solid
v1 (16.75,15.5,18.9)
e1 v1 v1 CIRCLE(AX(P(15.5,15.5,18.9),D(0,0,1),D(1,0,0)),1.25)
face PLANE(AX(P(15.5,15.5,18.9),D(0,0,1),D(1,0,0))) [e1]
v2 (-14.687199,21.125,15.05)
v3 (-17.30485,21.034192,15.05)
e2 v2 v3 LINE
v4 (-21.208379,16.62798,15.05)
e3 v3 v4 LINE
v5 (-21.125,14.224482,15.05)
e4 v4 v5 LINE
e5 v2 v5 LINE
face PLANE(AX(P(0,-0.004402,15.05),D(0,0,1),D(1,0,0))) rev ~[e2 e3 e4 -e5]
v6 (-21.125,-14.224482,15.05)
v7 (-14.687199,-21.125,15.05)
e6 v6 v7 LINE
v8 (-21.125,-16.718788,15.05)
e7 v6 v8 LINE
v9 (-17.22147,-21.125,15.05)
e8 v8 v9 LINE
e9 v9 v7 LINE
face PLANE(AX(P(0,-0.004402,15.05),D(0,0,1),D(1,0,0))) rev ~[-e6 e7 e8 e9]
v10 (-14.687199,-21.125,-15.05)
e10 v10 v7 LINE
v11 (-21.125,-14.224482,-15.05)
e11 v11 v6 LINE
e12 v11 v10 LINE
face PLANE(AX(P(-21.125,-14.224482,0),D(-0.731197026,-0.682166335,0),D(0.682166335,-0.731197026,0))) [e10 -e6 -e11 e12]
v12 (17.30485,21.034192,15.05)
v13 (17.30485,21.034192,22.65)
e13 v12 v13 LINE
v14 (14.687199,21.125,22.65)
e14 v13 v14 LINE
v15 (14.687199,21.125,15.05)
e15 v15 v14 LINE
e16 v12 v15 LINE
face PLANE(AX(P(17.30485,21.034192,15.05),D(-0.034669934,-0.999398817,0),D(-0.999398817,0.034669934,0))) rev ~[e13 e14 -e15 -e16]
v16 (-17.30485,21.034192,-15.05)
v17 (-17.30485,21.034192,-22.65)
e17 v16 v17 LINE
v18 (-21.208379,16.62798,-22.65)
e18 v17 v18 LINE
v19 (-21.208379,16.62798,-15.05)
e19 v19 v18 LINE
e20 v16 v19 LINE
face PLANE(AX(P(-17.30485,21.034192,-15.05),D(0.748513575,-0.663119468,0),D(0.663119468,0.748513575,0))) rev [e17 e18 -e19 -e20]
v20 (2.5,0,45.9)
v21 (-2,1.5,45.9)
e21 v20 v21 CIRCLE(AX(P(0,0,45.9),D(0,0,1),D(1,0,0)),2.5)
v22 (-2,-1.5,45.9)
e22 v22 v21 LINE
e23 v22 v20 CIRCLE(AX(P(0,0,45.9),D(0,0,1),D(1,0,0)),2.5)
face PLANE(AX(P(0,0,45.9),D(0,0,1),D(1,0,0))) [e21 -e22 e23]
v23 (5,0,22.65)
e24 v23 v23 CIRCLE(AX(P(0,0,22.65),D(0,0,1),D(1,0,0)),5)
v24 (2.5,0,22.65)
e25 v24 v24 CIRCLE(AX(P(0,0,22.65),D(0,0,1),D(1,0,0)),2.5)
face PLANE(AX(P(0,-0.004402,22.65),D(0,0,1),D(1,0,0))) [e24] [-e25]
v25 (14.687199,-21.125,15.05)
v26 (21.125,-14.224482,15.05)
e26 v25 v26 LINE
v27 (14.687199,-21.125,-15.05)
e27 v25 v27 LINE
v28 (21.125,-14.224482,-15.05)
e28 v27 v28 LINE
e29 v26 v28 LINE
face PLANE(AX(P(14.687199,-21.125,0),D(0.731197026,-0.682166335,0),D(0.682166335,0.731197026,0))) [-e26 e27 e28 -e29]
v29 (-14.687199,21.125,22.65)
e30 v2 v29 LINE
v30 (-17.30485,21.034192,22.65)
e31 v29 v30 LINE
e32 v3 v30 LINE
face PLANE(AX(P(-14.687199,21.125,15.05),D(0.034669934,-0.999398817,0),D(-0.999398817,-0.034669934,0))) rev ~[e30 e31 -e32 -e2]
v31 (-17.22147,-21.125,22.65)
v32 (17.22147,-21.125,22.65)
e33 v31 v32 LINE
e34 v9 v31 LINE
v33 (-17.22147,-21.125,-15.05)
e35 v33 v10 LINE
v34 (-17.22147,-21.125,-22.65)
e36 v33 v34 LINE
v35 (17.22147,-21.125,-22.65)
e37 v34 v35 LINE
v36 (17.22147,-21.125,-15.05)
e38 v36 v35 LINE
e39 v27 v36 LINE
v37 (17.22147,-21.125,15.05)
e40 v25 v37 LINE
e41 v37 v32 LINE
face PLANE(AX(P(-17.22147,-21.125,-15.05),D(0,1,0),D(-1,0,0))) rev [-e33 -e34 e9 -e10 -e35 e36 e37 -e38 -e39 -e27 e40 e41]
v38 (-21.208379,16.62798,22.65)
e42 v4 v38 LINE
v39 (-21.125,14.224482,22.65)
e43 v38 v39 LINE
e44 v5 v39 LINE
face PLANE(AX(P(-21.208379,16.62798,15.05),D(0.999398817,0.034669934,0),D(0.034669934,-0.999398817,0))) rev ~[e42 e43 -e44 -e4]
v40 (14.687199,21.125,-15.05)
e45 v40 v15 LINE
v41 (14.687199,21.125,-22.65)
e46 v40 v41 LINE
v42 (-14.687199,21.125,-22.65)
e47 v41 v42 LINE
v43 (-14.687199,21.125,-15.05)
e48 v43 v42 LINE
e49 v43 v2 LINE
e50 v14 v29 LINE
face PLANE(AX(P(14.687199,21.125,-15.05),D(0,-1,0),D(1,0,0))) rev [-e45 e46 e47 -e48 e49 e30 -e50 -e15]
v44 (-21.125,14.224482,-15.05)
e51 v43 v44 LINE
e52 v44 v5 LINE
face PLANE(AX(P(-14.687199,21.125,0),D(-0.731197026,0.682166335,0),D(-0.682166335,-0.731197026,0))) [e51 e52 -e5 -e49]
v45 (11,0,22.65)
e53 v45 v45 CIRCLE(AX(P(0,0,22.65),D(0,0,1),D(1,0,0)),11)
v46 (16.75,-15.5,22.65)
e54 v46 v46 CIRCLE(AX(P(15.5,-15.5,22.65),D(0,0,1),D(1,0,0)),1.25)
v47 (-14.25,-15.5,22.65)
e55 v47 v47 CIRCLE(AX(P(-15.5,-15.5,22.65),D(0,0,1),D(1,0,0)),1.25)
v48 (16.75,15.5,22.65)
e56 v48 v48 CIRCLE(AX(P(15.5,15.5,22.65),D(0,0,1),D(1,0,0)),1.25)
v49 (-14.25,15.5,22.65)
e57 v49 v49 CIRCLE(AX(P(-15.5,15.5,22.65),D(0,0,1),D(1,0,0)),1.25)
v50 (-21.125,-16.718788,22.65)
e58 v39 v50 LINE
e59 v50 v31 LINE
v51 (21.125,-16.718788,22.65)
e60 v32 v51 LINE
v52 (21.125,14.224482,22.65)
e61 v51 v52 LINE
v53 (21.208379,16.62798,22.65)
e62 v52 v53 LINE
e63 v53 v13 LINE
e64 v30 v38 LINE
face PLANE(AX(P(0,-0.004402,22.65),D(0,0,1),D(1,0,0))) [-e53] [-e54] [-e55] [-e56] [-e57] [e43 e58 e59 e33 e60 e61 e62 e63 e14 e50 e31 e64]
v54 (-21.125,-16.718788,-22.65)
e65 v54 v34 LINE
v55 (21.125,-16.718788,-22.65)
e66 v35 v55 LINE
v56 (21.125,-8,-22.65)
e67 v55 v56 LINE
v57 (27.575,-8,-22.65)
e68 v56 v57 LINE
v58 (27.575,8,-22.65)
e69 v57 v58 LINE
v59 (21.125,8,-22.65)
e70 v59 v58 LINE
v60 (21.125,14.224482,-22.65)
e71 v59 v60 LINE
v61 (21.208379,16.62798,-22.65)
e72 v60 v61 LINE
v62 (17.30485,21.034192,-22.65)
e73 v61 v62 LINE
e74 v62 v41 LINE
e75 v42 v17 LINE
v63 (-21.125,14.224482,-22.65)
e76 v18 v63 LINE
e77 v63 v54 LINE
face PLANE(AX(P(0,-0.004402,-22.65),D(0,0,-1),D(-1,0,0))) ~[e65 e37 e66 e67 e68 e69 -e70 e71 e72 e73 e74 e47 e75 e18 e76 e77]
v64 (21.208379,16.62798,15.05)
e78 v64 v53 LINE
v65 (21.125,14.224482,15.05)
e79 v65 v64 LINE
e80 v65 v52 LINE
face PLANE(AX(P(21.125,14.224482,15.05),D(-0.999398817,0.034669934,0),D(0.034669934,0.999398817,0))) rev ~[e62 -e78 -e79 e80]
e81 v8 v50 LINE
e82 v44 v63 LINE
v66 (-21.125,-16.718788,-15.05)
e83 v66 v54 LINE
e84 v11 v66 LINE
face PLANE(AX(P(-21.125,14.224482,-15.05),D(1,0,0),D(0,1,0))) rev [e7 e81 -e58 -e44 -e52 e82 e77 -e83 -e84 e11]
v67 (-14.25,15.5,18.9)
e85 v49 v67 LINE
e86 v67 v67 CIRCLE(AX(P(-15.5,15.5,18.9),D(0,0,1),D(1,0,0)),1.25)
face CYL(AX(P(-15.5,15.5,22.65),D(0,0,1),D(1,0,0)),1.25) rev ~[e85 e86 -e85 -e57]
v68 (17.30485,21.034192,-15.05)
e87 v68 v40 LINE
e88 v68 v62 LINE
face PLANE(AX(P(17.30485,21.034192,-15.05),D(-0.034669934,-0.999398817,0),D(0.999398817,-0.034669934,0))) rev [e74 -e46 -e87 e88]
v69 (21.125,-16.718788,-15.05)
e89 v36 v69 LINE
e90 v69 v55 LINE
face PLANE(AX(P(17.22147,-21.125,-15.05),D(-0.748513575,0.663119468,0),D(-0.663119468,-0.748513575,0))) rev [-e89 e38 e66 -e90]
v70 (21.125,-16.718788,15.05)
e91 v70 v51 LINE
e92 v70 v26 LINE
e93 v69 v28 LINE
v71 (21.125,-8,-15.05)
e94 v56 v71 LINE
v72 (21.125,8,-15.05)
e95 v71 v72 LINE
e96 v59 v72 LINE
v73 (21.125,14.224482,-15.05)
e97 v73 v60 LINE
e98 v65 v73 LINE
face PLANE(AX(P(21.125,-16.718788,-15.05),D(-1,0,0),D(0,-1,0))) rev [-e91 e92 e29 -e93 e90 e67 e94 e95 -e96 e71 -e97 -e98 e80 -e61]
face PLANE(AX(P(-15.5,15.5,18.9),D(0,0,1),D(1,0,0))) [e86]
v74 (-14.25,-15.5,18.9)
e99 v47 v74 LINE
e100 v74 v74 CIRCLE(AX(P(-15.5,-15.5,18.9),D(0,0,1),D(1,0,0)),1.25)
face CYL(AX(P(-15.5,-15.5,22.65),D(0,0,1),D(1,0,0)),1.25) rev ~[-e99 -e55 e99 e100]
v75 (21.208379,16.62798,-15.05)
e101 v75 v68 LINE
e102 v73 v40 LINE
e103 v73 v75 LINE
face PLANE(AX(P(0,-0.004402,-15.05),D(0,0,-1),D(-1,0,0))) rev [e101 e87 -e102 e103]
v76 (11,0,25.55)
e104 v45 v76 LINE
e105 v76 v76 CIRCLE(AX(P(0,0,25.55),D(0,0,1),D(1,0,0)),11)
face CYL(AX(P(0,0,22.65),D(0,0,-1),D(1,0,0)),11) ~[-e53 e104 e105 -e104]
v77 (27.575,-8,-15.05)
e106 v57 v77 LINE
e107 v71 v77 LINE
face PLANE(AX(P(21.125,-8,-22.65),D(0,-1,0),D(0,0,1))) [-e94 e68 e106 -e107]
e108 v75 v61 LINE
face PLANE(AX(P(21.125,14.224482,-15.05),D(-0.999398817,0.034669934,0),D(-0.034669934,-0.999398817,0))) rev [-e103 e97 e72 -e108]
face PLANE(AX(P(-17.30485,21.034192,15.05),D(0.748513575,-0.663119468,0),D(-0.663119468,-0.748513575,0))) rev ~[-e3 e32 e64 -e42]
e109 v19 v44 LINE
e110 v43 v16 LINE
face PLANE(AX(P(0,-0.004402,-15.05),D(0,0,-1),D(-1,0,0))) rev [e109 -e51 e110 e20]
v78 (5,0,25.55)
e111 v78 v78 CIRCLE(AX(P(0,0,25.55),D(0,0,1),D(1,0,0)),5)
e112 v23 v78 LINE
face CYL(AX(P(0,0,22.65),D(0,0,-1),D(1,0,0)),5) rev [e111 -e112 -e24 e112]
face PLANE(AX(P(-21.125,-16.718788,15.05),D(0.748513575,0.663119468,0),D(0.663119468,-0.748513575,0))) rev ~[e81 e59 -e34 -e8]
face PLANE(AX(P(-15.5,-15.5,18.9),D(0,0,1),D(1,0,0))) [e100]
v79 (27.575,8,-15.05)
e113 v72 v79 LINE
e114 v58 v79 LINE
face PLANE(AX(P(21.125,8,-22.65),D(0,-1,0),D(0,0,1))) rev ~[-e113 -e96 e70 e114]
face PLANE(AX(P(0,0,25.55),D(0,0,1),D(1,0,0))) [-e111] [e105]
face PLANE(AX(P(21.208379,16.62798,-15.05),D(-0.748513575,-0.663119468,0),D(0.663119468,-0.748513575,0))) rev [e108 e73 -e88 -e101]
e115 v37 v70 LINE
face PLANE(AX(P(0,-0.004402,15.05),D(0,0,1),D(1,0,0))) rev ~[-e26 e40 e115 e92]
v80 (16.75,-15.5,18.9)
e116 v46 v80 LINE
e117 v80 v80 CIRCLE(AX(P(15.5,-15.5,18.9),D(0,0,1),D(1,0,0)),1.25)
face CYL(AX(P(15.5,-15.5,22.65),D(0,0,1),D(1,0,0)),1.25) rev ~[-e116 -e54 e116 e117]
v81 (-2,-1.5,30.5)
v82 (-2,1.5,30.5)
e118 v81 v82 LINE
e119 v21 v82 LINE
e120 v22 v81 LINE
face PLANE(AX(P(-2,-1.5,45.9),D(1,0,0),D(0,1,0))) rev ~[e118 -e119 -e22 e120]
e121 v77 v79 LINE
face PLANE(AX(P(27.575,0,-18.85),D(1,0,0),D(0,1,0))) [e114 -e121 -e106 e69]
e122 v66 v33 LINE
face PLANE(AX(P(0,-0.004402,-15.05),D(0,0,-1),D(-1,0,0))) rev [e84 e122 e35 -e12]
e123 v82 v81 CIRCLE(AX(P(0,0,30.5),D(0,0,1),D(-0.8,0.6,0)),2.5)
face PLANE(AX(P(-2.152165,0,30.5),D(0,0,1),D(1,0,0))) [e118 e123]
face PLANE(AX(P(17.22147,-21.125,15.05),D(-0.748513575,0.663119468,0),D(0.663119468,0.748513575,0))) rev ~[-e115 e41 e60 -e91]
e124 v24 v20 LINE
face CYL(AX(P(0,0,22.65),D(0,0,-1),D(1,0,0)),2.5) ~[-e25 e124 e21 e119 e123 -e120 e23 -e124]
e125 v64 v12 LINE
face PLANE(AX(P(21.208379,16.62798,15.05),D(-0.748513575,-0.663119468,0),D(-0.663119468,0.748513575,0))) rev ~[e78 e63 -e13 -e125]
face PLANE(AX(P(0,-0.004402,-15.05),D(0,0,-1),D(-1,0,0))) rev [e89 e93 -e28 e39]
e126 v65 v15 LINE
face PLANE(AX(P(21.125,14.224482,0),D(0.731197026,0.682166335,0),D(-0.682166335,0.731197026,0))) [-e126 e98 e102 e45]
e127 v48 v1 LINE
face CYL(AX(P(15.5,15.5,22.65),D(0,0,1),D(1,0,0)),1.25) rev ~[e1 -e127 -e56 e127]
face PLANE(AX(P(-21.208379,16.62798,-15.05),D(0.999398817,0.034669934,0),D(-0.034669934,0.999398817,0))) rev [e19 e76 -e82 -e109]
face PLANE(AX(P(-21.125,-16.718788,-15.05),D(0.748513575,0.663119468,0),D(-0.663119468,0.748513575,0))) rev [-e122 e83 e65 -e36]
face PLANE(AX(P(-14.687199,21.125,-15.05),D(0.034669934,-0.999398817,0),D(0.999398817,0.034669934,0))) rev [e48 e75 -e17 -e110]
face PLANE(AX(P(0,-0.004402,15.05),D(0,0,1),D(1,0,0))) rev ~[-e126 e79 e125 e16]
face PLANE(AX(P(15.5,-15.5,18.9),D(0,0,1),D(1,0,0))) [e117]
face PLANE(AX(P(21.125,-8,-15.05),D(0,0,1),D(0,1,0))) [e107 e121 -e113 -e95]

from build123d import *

# Parameters (mm, degrees)
F1_DEPTH  = 15.05
F3_DEPTH  = 7.6
F5_R      = 11
F5_R_2    = 5
F6_DEPTH  = 2.9
F5_R_3    = 2.5
F7_DEPTH  = 23.25
F9_DEPTH  = 15.4
F10_W     = 16
F10_H     = 7.6
F11_DEPTH = 6.45
F5_R_4    = 1.25
F12_DEPTH = 3.75


with BuildPart() as f1:
    # F0 (on Top) → F1 (new body, symmetric)
    with BuildSketch(Plane.XY):
        Polygon((21.125, 14.2244820946), (14.6871989155, 21.125), (-14.6871989155, 21.125), (-21.125, 14.2244820946), (-21.125, -14.2244820946), (-14.6871989155, -21.125), (14.6871989155, -21.125), (21.125, -14.2244820946), align=None)
    extrude(amount=F1_DEPTH, both=True)

    # F2 (on face) → F3 (join)
    with BuildSketch(Plane.XY.offset(15.05)):
        Polygon((-21.2083792326, 16.6279797649), (-21.125, 14.2244820946), (-21.125, -14.2244820946), (-21.125, -16.7187881371), (-17.2214704386, -21.125), (-14.6871989155, -21.125), (14.6871989155, -21.125), (17.2214704386, -21.125), (21.125, -16.7187881371), (21.125, -14.2244820946), (21.125, 14.2244820946), (21.2083792326, 16.6279797649), (17.3048496711, 21.0341916278), (14.6871989155, 21.125), (-14.6871989155, 21.125), (-17.3048496711, 21.0341916278), align=None)
    extrude(amount=F3_DEPTH)

    # F4: F1 across plane


with BuildPart() as f1_1:
    add(f1.part)
    add(f1.part.mirror(Plane.XY))

    # F5 (on face) → F6 (join)
    with BuildSketch(Plane.XY.offset(22.65)):
        Circle(F5_R)
        Circle(F5_R_2, mode=Mode.SUBTRACT)
    extrude(amount=F6_DEPTH)

    # F5 (on face) → F7 (join)
    with BuildSketch(Plane.XY.offset(22.65)):
        Circle(F5_R_3)
    extrude(amount=F7_DEPTH)

    # F8 (on face) → F9 (cut)
    with BuildSketch(Plane.XY.offset(45.9)):
        with BuildLine():
            ThreePointArc((-2, 1.5), (-2.5, 0), (-2, -1.5))
            Line((-2, -1.5), (-2, 1.5))
        make_face()
    extrude(amount=-F9_DEPTH, mode=Mode.SUBTRACT)

    # F10 (on face) → F11 (join)
    with BuildSketch(Plane.YZ.offset(21.125)):
        with Locations((0, -18.85)):
            Rectangle(F10_W, F10_H)
    extrude(amount=F11_DEPTH)

    # F5 (on face) → F12 (cut)
    with BuildSketch(Plane.XY.offset(22.65)):
        with Locations((-15.5, -15.5)):
            Circle(F5_R_4)
        with Locations((15.5, -15.5)):
            Circle(F5_R_4)
        with Locations((15.5, 15.5)):
            Circle(F5_R_4)
        with Locations((-15.5, 15.5)):
            Circle(F5_R_4)
    extrude(amount=-F12_DEPTH, mode=Mode.SUBTRACT)


solid = f1_1.part
